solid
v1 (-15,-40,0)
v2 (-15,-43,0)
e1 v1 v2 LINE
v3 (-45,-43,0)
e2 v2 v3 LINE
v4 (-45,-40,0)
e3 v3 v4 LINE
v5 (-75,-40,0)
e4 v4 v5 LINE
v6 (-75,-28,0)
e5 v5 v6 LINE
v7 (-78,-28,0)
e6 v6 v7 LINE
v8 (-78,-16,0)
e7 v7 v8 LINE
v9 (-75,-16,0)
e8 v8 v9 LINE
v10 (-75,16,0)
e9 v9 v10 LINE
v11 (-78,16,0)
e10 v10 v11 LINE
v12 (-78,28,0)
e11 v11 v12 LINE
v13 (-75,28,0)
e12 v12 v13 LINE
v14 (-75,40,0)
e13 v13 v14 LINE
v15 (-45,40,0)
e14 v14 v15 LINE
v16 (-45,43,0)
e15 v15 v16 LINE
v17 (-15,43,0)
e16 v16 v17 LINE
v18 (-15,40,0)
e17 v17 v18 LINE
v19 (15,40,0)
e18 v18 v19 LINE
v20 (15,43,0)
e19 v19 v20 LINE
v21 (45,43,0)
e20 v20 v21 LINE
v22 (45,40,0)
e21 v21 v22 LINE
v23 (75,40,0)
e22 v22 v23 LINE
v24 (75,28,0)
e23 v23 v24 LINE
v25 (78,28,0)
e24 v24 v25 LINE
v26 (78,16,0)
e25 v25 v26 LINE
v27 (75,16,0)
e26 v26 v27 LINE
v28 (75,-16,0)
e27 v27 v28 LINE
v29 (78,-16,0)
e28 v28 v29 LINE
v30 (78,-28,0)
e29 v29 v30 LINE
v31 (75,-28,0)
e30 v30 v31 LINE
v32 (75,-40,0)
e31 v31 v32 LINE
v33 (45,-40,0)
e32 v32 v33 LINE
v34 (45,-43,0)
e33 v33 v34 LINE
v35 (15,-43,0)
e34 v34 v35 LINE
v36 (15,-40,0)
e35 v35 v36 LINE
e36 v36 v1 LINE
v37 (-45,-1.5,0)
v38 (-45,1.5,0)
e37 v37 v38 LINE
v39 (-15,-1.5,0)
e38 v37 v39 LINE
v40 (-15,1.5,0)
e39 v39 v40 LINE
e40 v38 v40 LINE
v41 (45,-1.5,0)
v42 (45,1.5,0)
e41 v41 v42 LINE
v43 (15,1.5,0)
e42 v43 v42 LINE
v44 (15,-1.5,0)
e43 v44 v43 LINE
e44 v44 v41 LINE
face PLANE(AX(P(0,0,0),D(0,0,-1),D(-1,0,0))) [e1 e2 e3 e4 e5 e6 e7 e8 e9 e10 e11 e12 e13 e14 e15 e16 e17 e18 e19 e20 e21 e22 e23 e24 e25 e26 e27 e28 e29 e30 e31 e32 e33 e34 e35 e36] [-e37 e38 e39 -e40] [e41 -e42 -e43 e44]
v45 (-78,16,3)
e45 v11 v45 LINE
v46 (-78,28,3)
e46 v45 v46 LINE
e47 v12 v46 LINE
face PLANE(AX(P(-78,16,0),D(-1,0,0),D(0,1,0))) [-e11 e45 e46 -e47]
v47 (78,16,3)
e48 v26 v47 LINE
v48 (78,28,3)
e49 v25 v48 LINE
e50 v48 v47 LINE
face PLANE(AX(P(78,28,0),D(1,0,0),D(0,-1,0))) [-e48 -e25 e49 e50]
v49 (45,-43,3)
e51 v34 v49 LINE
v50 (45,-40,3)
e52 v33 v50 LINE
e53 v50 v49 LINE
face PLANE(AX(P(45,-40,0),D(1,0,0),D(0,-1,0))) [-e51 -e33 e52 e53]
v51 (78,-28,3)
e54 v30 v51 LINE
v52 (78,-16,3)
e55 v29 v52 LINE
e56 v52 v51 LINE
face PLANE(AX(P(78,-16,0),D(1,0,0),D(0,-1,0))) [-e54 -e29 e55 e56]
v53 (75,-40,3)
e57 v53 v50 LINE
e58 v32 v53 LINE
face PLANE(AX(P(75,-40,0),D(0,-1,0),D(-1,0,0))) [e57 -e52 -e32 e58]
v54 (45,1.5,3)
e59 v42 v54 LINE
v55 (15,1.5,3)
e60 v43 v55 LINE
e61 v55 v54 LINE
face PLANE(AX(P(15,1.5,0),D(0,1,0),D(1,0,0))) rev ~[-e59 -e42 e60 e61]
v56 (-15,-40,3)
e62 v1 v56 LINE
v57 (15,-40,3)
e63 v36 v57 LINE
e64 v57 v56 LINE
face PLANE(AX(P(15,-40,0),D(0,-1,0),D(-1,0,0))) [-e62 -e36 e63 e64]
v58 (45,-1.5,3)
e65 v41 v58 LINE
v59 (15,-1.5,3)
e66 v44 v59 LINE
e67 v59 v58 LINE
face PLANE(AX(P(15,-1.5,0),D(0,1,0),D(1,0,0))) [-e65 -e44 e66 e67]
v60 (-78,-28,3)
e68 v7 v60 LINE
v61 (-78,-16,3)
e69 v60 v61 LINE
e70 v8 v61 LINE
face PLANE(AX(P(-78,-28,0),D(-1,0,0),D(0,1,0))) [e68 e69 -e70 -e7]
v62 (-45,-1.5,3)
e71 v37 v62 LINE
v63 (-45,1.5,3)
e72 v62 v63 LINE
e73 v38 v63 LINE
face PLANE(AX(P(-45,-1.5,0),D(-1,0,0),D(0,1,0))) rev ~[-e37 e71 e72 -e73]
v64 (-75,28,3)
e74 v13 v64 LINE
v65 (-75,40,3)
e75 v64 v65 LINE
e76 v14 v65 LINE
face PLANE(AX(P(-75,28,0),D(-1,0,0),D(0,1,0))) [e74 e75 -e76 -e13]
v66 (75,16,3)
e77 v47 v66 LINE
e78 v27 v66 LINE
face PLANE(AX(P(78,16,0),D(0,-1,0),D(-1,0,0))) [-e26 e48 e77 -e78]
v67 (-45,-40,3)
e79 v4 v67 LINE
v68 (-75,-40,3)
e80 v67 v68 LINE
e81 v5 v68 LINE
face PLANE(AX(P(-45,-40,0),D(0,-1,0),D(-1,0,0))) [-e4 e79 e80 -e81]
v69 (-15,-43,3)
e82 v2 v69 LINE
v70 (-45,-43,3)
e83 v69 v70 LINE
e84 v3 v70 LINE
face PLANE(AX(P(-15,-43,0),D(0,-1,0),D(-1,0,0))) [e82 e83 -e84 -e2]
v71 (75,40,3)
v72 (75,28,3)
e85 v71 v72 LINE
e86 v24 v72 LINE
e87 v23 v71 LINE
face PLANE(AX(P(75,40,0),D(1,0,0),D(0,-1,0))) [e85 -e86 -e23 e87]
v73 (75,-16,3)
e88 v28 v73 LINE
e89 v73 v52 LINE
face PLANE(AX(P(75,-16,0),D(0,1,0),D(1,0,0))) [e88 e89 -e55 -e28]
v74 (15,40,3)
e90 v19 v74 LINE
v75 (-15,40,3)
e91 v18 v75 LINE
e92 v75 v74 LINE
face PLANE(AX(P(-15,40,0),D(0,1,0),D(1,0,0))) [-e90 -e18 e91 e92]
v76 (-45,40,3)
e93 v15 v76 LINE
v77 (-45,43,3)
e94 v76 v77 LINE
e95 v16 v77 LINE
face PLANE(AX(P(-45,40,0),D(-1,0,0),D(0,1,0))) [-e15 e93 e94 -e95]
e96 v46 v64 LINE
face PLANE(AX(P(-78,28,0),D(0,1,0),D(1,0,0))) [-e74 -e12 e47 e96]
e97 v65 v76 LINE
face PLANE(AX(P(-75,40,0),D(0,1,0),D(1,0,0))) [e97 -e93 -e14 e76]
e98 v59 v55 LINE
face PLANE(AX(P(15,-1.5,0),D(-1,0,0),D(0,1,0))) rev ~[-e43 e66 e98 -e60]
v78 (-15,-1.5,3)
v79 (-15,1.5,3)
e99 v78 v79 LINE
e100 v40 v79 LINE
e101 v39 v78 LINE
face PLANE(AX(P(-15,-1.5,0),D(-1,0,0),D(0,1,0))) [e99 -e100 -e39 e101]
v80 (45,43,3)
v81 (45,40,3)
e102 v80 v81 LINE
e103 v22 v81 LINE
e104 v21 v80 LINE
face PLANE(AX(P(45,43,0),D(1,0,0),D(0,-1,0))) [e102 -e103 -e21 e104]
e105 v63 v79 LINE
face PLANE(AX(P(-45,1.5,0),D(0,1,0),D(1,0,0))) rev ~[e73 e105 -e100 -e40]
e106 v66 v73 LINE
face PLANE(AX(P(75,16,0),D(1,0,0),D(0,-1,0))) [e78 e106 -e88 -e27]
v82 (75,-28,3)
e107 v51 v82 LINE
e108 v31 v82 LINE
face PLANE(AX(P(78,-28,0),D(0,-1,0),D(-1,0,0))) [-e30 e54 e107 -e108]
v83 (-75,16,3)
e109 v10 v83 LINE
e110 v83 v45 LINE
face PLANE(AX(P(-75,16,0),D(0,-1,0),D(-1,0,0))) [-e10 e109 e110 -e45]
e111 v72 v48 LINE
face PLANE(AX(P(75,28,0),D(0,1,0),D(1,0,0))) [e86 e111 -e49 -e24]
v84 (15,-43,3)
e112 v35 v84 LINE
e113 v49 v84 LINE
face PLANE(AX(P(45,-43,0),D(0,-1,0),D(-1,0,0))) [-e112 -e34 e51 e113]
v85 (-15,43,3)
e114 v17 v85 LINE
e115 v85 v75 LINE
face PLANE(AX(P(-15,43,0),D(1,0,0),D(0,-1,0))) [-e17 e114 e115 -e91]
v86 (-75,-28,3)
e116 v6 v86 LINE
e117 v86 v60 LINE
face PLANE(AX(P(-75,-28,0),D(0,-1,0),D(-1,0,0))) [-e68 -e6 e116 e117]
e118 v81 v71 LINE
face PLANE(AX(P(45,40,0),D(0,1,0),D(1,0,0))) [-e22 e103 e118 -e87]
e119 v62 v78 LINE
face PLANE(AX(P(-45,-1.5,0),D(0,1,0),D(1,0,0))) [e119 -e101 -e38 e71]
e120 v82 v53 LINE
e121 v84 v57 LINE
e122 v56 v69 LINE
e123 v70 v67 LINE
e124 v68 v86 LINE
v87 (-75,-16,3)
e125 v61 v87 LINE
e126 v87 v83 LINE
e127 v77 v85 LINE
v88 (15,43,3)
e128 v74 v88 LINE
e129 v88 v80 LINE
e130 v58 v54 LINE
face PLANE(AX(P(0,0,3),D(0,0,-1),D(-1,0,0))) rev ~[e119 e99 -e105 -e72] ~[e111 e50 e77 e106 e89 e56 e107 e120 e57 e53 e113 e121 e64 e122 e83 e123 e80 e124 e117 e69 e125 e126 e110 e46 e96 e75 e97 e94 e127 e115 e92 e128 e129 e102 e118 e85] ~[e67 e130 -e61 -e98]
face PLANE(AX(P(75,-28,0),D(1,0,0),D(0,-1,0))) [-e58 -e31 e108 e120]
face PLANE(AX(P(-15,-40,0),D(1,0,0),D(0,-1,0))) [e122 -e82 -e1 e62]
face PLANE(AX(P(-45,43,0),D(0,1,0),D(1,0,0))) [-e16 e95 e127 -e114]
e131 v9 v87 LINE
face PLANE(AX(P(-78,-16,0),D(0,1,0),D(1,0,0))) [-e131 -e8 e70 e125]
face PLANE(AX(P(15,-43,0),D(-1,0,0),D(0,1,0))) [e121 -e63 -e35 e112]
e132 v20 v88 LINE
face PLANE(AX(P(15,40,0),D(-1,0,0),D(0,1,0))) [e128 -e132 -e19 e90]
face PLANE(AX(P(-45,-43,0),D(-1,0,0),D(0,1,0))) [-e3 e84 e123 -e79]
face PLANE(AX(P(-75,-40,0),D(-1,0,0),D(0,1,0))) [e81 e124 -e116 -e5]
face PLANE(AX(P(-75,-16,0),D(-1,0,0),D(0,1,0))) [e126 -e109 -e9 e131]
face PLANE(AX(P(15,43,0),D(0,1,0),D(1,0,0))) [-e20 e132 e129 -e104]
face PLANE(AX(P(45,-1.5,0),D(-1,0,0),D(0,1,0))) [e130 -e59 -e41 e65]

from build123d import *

# Parameters (mm, degrees)
ESBO_O1_W                = 30
ESBO_O1_H                = 3
RESSALTO_EXTRUS_O1_DEPTH = 3


with BuildPart() as part:
    # Esboço1 → Ressalto-extrusão1 (new body)
    with BuildSketch(Plane.XY):
        Polygon((45, 40), (75, 40), (75, 28), (78, 28), (78, 16), (75, 16), (75, -16), (78, -16), (78, -28), (75, -28), (75, -40), (45, -40), (45, -43), (15, -43), (15, -40), (-15, -40), (-15, -43), (-45, -43), (-45, -40), (-75, -40), (-75, -28), (-78, -28), (-78, -16), (-75, -16), (-75, 16), (-78, 16), (-78, 28), (-75, 28), (-75, 40), (-45, 40), (-45, 43), (-15, 43), (-15, 40), (15, 40), (15, 43), (45, 43), align=None)
        with Locations((30, 0)):
            Rectangle(ESBO_O1_W, ESBO_O1_H, mode=Mode.SUBTRACT)
        with Locations((-30, 0)):
            Rectangle(ESBO_O1_W, ESBO_O1_H, mode=Mode.SUBTRACT)
    extrude(amount=RESSALTO_EXTRUS_O1_DEPTH)


solid = part.part
